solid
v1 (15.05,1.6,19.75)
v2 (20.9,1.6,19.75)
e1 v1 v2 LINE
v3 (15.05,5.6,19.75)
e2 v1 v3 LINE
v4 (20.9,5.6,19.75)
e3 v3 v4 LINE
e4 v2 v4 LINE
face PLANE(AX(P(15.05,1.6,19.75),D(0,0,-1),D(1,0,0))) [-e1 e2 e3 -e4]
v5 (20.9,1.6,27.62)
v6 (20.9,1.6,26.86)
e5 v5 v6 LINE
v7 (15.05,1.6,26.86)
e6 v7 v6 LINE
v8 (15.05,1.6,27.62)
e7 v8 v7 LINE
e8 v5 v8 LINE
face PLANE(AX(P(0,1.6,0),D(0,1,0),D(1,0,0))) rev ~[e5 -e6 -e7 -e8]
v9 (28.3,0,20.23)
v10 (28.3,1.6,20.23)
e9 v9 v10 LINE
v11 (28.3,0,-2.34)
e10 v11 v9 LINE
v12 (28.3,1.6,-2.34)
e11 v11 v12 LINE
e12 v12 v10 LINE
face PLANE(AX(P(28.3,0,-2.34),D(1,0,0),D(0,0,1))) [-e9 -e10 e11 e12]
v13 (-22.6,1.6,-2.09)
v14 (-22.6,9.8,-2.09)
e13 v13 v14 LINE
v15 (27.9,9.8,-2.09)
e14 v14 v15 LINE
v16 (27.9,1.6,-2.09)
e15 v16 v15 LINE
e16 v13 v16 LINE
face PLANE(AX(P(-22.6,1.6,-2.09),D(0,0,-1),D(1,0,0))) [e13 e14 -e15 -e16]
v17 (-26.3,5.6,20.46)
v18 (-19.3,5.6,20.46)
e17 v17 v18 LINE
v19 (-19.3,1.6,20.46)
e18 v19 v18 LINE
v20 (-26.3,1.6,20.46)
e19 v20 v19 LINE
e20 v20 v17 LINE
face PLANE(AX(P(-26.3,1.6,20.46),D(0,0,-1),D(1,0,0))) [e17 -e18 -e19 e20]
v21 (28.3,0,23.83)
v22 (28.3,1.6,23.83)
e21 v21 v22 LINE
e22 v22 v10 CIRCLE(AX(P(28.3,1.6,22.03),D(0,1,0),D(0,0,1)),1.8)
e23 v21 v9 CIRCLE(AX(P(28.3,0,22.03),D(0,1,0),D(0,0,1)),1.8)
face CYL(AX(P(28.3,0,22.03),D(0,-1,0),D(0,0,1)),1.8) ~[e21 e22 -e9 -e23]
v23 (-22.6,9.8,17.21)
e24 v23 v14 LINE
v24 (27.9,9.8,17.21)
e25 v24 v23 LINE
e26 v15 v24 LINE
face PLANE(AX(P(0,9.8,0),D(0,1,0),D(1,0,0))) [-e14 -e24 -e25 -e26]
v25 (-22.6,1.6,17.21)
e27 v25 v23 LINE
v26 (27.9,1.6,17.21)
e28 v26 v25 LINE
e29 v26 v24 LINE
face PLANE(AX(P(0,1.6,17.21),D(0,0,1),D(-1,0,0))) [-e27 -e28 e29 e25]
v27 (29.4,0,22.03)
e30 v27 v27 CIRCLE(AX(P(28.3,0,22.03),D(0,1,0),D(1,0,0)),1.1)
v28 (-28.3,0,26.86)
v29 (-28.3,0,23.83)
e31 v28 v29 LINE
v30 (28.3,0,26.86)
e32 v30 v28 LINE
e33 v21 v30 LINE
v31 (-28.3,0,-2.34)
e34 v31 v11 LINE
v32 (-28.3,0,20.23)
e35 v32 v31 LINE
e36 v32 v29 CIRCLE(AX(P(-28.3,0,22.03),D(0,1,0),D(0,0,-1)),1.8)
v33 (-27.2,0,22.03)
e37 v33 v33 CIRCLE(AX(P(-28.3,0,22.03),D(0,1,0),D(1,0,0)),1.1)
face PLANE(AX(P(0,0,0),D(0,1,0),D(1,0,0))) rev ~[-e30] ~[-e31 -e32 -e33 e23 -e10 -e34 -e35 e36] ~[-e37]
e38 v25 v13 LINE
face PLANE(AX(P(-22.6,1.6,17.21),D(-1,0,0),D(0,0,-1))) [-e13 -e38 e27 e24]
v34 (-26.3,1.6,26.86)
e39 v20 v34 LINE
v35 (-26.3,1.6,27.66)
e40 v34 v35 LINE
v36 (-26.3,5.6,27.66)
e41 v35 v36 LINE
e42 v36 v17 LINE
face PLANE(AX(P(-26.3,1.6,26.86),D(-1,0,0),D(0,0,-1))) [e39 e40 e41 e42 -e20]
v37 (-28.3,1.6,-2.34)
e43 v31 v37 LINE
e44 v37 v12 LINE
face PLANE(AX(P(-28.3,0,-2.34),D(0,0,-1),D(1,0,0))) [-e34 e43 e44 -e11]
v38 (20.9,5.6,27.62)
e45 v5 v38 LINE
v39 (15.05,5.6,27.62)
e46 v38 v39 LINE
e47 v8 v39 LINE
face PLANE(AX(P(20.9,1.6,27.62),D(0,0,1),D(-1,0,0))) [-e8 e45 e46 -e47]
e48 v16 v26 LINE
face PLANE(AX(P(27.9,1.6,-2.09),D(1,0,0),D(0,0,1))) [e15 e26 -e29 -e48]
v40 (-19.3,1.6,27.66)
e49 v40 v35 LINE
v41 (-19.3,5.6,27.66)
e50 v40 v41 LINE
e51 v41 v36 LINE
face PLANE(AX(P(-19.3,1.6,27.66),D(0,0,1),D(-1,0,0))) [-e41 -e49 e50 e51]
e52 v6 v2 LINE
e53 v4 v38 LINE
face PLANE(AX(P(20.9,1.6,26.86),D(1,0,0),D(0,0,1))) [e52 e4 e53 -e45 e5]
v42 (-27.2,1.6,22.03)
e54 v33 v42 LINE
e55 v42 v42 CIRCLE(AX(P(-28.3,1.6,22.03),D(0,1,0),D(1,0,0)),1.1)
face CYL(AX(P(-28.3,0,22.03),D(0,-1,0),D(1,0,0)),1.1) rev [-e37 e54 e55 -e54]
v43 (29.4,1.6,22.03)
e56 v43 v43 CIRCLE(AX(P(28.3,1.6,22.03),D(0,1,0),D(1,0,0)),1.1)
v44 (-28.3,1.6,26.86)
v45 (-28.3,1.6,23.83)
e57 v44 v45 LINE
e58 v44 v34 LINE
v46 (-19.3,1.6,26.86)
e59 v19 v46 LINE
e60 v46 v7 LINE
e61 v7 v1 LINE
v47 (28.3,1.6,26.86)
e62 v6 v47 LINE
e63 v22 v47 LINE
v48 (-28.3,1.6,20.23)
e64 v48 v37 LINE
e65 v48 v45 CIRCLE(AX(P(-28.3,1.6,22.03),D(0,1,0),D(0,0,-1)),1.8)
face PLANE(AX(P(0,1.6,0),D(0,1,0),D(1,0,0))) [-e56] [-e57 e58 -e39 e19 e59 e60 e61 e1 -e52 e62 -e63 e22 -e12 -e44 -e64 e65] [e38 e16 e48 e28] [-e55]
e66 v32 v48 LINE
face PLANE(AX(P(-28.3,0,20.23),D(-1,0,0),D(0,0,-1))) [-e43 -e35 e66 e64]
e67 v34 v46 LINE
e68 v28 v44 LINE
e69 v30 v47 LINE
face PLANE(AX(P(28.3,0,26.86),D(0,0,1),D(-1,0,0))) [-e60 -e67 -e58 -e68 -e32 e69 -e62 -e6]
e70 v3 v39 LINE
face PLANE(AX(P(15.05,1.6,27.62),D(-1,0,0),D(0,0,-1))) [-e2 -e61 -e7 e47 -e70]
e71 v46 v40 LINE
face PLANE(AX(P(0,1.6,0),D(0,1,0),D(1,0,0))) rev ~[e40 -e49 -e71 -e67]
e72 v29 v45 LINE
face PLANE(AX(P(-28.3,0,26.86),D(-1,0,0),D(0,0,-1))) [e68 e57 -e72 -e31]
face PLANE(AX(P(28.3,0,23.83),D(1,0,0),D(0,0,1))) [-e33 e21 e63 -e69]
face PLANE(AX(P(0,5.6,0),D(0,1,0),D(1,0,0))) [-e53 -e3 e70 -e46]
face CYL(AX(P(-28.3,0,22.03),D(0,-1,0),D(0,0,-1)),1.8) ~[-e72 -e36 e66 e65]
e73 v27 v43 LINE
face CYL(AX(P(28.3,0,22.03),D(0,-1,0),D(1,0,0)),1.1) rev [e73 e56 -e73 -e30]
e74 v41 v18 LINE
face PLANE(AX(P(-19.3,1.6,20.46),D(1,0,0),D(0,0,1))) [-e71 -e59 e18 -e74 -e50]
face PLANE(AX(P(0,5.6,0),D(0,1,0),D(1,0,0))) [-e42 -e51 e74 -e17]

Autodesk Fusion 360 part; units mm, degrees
sketch "Skizze1" plane through (0, 0, 0) normal (0, 1, 0) x (1, 0, 0)
  line L0 (-28.3, 2.34) -> (28.3, 2.34)
  line L1 (28.3, -26.86) -> (-28.3, -26.86)
  line L2 (0, -1.75) -> (0, -22.5)
  circle A0 centre (28.3, -22.03) radius 1.1
  circle A1 centre (-28.3, -22.03) radius 1.1
  line L3 (-22.6, 2.09) -> (27.9, 2.09)
  line L4 (27.9, 2.09) -> (27.9, -17.21)
  line L5 (27.9, -17.21) -> (-22.6, -17.21)
  line L6 (-22.6, -17.21) -> (-22.6, 2.09)
  line L7 (-28.3, -20.23) -> (-28.3, 2.34)
  line L8 (28.3, 2.34) -> (28.3, -20.23)
  line L9 (28.3, -23.83) -> (28.3, -26.86)
  arc A2 (28.3, -23.83) -> (28.3, -20.23) centre (28.3, -22.03) ccw
  arc A3 (-28.3, -20.23) -> (-28.3, -23.83) centre (-28.3, -22.03) ccw
  line L10 (-28.3, -26.86) -> (-28.3, -23.83)
  line L11 (-19.3, -27.66) -> (-26.3, -27.66)
  line L12 (-26.3, -27.66) -> (-26.3, -20.46)
  line L13 (-26.3, -20.46) -> (-19.3, -20.46)
  line L14 (-19.3, -20.46) -> (-19.3, -27.66)
  line L15 (15.05, -19.75) -> (20.9, -19.75)
  line L16 (20.9, -19.75) -> (20.9, -27.62)
  line L17 (20.9, -27.62) -> (15.05, -27.62)
  line L18 (15.05, -27.62) -> (15.05, -19.75)
  dimension "d3" = 29.2
  dimension "d4" = 56.6
  dimension "d5" = 4.83
  dimension "d6" = 3.6
  dimension "d7" = 2.2
  dimension "d8" = 5.7
  dimension "d9" = 50.5
  dimension "d10" = 19.3
  dimension "d11" = 0.25
  dimension "d17" = 2
  dimension "d19" = 0.8
  dimension "d20" = 6.4
  dimension "d21" = 7
  dimension "d22" = 7.4
  dimension "d23" = 5.85
  dimension "d24" = 0.76
  dimension "d25" = 7.11
extrude "Extrusion1" add sketch "Skizze1" along normal blind 1.6 contours L0 L1 L7 L8 L9 A2 A3 L10 L12 L13 L14 L15 L16 L18 | L1 L12 L13 L14 | L1 L15 L16 L18 | L3 L4 L5 L6
extrude "Extrusion2" add sketch "Skizze1" along normal blind 8.2 from surface at 1.6 contours L3 L4 L5 L6
extrude "Extrusion3" add sketch "Skizze1" along normal blind 4 from surface at 1.6 contours L1 L12 L13 L14 | L1 L11 L12 L14 | L1 L16 L17 L18 | L1 L15 L16 L18
